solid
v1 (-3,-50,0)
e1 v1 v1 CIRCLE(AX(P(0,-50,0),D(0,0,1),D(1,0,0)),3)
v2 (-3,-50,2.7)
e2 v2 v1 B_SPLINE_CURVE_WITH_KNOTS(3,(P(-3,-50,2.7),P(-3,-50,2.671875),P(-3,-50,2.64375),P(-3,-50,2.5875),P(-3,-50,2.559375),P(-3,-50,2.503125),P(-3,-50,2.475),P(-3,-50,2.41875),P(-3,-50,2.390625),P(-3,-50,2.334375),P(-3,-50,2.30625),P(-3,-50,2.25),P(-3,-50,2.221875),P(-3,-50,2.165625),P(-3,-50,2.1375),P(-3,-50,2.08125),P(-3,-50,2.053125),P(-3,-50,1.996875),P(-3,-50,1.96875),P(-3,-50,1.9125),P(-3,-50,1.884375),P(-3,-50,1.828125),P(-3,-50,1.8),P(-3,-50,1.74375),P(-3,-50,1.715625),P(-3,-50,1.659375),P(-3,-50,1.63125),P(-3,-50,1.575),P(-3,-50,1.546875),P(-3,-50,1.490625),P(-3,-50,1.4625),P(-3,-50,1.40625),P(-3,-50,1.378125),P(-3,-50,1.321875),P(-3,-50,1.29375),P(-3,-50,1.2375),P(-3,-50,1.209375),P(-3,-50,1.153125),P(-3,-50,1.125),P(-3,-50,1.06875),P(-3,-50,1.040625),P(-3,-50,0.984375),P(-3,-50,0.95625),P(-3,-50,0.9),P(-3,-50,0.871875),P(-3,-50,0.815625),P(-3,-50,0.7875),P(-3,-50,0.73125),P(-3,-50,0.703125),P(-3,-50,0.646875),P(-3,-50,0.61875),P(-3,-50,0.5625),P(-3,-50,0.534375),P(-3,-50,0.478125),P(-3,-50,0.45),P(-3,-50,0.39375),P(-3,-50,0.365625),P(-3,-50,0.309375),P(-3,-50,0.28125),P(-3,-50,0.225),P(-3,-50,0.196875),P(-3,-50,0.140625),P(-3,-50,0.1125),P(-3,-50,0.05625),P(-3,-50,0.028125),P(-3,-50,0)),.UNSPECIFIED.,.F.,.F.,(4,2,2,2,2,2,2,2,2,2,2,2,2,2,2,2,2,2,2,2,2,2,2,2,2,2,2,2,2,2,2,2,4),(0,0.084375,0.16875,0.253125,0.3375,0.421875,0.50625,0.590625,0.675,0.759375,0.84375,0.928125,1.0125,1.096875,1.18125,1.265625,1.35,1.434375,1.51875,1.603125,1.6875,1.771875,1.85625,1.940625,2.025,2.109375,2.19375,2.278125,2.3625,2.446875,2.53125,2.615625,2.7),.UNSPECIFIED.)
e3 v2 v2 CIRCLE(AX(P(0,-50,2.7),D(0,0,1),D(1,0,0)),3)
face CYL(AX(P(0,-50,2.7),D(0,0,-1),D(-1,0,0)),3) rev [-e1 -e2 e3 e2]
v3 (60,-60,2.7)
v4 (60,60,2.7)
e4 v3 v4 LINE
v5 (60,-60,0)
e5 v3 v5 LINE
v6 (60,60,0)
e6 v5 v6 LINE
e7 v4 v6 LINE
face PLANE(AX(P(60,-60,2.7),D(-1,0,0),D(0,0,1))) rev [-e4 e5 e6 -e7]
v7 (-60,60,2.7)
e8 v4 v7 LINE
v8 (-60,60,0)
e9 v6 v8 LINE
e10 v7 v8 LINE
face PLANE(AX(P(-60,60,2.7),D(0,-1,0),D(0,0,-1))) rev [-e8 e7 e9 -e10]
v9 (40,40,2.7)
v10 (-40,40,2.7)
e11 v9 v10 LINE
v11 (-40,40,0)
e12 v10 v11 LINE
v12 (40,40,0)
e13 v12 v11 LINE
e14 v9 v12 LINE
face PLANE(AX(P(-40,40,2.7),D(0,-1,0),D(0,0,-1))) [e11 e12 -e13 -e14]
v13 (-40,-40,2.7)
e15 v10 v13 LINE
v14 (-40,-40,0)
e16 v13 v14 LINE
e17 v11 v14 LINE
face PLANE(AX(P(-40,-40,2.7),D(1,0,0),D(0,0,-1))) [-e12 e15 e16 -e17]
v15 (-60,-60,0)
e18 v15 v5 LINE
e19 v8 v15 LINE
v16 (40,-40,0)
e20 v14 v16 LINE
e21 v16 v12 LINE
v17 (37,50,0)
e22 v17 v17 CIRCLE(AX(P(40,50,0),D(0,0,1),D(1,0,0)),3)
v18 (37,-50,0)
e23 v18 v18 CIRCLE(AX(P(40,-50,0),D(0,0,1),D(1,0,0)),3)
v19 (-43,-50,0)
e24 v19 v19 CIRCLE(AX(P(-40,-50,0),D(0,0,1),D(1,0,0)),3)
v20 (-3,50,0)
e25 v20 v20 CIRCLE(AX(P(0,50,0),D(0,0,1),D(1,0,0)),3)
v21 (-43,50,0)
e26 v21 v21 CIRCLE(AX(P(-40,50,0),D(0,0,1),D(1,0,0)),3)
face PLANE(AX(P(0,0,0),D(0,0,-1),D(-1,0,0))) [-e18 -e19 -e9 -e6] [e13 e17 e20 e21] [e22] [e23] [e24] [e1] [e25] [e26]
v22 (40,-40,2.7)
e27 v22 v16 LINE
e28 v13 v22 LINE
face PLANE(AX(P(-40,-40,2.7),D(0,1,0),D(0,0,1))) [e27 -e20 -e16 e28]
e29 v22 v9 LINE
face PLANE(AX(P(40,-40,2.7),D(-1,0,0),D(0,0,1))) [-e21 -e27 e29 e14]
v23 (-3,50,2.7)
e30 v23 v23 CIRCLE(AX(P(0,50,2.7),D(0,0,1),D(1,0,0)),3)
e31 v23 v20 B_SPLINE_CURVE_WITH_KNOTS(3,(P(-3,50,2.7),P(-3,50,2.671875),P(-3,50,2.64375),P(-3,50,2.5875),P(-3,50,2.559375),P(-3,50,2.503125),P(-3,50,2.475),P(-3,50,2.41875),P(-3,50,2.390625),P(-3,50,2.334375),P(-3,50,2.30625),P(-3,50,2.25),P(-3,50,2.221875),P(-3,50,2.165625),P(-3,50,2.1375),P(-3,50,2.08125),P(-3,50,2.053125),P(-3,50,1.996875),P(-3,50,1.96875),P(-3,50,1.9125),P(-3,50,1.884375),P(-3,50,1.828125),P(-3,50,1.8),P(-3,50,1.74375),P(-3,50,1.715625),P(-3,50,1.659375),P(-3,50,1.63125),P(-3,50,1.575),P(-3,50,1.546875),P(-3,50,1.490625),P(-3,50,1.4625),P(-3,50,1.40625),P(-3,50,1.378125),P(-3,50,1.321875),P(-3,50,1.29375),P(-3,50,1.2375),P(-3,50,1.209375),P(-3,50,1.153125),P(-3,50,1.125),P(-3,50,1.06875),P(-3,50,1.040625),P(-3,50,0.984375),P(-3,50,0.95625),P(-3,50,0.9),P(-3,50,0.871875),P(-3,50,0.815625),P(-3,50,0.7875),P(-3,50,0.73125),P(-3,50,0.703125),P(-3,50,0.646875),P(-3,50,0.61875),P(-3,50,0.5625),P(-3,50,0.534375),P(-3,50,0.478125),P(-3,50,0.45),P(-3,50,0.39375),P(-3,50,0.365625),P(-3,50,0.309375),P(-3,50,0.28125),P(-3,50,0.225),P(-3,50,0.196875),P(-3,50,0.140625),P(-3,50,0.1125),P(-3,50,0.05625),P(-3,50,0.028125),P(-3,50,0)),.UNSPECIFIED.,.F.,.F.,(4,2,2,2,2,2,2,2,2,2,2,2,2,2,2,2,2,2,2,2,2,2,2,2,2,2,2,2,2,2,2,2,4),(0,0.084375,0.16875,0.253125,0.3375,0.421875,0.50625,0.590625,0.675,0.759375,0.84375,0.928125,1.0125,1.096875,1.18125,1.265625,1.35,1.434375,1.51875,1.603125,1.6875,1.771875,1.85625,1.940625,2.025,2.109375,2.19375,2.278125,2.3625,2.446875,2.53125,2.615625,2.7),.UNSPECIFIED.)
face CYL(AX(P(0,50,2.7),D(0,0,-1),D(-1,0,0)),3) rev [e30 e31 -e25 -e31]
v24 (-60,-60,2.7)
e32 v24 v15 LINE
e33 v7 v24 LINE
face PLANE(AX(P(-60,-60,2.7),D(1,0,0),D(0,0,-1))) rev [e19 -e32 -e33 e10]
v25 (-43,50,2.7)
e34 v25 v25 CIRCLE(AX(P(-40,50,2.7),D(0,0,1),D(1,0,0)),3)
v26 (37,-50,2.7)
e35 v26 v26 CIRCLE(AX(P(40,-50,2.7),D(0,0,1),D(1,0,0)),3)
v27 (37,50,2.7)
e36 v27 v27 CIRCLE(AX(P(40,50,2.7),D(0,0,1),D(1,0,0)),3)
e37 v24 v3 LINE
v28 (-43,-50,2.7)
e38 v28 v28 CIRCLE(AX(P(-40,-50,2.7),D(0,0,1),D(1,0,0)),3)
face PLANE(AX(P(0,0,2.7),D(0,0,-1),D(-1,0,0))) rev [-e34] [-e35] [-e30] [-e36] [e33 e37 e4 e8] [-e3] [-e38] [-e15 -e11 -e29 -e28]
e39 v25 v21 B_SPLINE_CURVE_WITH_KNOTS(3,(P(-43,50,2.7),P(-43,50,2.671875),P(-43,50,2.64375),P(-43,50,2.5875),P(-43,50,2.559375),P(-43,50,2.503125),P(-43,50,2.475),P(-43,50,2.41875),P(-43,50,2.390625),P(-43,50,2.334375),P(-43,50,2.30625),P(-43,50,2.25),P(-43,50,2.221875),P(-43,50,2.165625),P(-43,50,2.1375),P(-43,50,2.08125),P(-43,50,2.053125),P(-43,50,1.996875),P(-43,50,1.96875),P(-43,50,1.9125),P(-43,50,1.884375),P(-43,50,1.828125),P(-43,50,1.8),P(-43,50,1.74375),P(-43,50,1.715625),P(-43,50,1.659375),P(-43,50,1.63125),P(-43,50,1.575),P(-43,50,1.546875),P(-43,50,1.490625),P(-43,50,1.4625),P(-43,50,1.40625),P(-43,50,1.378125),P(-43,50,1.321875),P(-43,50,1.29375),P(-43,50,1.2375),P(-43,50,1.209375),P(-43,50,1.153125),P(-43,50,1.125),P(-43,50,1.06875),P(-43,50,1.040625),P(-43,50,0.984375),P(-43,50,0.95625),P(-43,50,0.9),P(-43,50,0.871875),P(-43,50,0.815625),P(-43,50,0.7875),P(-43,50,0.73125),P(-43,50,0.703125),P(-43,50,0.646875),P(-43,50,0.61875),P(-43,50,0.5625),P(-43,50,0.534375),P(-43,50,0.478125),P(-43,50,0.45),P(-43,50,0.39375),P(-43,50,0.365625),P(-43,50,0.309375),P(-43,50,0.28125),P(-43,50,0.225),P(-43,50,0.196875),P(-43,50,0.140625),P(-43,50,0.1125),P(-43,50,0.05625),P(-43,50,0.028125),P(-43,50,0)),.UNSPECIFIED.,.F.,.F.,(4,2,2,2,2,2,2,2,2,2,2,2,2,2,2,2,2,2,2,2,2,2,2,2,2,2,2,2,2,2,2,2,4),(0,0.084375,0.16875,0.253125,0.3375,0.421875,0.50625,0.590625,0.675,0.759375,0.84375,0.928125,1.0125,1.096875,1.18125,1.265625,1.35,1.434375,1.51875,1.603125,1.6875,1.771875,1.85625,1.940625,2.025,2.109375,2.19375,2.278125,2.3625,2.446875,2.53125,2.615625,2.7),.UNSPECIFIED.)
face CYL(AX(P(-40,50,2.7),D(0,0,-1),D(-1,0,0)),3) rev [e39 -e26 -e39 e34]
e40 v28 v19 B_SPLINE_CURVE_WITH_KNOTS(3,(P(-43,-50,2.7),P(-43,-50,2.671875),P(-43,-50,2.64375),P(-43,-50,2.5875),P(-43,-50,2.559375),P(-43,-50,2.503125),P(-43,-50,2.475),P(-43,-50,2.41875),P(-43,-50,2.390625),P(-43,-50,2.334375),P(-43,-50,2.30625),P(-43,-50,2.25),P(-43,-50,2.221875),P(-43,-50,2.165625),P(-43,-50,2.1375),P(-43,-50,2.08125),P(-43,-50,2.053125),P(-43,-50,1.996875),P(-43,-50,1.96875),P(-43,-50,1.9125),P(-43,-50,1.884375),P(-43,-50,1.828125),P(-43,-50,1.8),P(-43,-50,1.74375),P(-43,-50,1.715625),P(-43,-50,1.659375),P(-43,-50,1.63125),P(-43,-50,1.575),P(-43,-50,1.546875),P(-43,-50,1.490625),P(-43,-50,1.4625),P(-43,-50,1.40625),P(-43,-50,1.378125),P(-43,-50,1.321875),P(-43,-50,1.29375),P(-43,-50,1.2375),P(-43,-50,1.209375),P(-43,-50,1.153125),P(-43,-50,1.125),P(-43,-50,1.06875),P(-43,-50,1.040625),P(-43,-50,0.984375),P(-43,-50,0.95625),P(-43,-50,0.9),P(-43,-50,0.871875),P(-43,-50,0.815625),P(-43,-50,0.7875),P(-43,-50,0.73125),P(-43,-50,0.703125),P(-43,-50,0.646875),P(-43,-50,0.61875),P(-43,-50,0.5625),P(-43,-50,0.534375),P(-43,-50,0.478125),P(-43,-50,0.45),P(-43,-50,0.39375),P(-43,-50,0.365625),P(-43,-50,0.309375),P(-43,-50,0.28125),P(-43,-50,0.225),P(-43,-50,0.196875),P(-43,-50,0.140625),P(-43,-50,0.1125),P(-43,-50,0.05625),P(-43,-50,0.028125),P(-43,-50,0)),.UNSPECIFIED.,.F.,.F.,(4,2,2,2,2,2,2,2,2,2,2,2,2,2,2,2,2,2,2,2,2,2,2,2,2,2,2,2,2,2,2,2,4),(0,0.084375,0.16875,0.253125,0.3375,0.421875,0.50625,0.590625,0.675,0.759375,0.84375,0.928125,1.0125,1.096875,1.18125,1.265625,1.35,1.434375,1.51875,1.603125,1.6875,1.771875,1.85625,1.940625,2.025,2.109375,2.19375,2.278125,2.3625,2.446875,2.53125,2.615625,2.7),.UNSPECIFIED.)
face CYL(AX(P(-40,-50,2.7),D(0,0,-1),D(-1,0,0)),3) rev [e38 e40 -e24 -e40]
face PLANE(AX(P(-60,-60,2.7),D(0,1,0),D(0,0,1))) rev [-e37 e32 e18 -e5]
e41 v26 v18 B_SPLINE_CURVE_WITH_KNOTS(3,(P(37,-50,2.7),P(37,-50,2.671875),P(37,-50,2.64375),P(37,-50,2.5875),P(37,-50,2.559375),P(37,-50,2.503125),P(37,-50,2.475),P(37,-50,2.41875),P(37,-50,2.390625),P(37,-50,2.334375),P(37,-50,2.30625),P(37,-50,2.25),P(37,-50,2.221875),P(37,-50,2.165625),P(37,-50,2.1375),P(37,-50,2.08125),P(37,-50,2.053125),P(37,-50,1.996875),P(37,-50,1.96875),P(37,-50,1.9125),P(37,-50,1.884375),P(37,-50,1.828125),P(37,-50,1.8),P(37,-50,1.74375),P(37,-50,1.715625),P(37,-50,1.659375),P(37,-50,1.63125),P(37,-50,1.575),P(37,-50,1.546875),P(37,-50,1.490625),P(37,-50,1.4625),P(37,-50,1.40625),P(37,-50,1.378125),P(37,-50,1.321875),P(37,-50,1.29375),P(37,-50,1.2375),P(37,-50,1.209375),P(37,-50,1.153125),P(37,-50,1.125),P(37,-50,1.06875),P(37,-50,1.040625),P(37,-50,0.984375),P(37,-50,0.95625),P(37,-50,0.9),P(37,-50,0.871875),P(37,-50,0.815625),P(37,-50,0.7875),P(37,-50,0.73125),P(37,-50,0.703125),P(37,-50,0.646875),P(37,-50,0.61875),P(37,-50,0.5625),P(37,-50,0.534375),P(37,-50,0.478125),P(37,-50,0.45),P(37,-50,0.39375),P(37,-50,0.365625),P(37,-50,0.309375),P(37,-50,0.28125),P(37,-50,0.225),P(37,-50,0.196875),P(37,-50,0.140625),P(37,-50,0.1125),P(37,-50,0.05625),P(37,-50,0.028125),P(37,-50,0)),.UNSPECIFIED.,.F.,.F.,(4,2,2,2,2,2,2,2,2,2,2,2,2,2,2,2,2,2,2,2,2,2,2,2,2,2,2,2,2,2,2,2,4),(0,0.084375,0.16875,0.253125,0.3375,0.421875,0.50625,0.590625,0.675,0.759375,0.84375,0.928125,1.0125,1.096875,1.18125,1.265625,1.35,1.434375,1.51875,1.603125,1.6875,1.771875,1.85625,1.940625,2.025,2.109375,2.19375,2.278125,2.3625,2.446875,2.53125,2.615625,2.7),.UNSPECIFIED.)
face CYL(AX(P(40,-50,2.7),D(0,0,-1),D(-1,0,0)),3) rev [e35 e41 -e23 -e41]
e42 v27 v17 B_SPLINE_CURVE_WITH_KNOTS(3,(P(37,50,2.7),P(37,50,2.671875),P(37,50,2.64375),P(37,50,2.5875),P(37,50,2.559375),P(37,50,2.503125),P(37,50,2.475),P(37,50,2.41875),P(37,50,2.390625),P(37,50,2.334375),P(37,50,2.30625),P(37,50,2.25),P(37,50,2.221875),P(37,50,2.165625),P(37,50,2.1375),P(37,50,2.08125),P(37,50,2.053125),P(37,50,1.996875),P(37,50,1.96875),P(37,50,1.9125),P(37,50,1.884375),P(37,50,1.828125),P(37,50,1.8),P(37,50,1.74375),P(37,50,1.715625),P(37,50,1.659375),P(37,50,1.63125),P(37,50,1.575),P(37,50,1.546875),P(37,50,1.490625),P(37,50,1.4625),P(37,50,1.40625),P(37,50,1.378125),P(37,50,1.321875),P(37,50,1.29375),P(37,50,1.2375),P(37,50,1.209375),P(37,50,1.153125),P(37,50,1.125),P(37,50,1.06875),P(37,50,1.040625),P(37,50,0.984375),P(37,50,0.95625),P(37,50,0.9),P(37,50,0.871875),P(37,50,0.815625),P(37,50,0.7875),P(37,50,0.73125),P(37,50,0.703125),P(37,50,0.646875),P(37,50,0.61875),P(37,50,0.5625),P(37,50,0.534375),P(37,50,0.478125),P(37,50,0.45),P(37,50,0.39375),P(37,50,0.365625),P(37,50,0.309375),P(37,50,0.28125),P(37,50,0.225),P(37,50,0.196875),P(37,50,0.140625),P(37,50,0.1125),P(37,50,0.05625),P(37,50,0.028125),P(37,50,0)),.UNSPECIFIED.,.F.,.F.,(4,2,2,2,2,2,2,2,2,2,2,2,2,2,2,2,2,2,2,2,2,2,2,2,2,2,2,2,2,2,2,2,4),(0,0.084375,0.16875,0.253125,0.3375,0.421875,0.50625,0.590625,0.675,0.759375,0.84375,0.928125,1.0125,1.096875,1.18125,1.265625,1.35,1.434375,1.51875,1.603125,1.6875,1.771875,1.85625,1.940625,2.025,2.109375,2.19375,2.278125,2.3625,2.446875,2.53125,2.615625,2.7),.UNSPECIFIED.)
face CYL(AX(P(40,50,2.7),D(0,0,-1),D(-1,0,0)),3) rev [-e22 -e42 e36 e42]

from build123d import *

# Parameters (mm, degrees)
CROQUIS1_W              = 120
CROQUIS1_H              = 120
CROQUIS1_R              = 3
CROQUIS1_W_2            = 80
CROQUIS1_H_2            = 80
SALIENTE_EXTRUIR1_DEPTH = 2.7


with BuildPart() as part:
    # Croquis1 → Saliente-Extruir1 (new body)
    with BuildSketch(Plane.XY):
        Rectangle(CROQUIS1_W, CROQUIS1_H)
        with Locations(Location((-40, 50, 0), (0, 0, 180))):
            Circle(CROQUIS1_R, mode=Mode.SUBTRACT)
        with Locations(Location((0, 50, 0), (0, 0, 180))):
            Circle(CROQUIS1_R, mode=Mode.SUBTRACT)
        with Locations(Location((40, 50, 0), (0, 0, 180))):
            Circle(CROQUIS1_R, mode=Mode.SUBTRACT)
        with Locations(Location((-40, -50, 0), (0, 0, 180))):
            Circle(CROQUIS1_R, mode=Mode.SUBTRACT)
        with Locations(Location((0, -50, 0), (0, 0, 180))):
            Circle(CROQUIS1_R, mode=Mode.SUBTRACT)
        with Locations(Location((40, -50, 0), (0, 0, 180))):
            Circle(CROQUIS1_R, mode=Mode.SUBTRACT)
        Rectangle(CROQUIS1_W_2, CROQUIS1_H_2, mode=Mode.SUBTRACT)
    extrude(amount=SALIENTE_EXTRUIR1_DEPTH)


solid = part.part
